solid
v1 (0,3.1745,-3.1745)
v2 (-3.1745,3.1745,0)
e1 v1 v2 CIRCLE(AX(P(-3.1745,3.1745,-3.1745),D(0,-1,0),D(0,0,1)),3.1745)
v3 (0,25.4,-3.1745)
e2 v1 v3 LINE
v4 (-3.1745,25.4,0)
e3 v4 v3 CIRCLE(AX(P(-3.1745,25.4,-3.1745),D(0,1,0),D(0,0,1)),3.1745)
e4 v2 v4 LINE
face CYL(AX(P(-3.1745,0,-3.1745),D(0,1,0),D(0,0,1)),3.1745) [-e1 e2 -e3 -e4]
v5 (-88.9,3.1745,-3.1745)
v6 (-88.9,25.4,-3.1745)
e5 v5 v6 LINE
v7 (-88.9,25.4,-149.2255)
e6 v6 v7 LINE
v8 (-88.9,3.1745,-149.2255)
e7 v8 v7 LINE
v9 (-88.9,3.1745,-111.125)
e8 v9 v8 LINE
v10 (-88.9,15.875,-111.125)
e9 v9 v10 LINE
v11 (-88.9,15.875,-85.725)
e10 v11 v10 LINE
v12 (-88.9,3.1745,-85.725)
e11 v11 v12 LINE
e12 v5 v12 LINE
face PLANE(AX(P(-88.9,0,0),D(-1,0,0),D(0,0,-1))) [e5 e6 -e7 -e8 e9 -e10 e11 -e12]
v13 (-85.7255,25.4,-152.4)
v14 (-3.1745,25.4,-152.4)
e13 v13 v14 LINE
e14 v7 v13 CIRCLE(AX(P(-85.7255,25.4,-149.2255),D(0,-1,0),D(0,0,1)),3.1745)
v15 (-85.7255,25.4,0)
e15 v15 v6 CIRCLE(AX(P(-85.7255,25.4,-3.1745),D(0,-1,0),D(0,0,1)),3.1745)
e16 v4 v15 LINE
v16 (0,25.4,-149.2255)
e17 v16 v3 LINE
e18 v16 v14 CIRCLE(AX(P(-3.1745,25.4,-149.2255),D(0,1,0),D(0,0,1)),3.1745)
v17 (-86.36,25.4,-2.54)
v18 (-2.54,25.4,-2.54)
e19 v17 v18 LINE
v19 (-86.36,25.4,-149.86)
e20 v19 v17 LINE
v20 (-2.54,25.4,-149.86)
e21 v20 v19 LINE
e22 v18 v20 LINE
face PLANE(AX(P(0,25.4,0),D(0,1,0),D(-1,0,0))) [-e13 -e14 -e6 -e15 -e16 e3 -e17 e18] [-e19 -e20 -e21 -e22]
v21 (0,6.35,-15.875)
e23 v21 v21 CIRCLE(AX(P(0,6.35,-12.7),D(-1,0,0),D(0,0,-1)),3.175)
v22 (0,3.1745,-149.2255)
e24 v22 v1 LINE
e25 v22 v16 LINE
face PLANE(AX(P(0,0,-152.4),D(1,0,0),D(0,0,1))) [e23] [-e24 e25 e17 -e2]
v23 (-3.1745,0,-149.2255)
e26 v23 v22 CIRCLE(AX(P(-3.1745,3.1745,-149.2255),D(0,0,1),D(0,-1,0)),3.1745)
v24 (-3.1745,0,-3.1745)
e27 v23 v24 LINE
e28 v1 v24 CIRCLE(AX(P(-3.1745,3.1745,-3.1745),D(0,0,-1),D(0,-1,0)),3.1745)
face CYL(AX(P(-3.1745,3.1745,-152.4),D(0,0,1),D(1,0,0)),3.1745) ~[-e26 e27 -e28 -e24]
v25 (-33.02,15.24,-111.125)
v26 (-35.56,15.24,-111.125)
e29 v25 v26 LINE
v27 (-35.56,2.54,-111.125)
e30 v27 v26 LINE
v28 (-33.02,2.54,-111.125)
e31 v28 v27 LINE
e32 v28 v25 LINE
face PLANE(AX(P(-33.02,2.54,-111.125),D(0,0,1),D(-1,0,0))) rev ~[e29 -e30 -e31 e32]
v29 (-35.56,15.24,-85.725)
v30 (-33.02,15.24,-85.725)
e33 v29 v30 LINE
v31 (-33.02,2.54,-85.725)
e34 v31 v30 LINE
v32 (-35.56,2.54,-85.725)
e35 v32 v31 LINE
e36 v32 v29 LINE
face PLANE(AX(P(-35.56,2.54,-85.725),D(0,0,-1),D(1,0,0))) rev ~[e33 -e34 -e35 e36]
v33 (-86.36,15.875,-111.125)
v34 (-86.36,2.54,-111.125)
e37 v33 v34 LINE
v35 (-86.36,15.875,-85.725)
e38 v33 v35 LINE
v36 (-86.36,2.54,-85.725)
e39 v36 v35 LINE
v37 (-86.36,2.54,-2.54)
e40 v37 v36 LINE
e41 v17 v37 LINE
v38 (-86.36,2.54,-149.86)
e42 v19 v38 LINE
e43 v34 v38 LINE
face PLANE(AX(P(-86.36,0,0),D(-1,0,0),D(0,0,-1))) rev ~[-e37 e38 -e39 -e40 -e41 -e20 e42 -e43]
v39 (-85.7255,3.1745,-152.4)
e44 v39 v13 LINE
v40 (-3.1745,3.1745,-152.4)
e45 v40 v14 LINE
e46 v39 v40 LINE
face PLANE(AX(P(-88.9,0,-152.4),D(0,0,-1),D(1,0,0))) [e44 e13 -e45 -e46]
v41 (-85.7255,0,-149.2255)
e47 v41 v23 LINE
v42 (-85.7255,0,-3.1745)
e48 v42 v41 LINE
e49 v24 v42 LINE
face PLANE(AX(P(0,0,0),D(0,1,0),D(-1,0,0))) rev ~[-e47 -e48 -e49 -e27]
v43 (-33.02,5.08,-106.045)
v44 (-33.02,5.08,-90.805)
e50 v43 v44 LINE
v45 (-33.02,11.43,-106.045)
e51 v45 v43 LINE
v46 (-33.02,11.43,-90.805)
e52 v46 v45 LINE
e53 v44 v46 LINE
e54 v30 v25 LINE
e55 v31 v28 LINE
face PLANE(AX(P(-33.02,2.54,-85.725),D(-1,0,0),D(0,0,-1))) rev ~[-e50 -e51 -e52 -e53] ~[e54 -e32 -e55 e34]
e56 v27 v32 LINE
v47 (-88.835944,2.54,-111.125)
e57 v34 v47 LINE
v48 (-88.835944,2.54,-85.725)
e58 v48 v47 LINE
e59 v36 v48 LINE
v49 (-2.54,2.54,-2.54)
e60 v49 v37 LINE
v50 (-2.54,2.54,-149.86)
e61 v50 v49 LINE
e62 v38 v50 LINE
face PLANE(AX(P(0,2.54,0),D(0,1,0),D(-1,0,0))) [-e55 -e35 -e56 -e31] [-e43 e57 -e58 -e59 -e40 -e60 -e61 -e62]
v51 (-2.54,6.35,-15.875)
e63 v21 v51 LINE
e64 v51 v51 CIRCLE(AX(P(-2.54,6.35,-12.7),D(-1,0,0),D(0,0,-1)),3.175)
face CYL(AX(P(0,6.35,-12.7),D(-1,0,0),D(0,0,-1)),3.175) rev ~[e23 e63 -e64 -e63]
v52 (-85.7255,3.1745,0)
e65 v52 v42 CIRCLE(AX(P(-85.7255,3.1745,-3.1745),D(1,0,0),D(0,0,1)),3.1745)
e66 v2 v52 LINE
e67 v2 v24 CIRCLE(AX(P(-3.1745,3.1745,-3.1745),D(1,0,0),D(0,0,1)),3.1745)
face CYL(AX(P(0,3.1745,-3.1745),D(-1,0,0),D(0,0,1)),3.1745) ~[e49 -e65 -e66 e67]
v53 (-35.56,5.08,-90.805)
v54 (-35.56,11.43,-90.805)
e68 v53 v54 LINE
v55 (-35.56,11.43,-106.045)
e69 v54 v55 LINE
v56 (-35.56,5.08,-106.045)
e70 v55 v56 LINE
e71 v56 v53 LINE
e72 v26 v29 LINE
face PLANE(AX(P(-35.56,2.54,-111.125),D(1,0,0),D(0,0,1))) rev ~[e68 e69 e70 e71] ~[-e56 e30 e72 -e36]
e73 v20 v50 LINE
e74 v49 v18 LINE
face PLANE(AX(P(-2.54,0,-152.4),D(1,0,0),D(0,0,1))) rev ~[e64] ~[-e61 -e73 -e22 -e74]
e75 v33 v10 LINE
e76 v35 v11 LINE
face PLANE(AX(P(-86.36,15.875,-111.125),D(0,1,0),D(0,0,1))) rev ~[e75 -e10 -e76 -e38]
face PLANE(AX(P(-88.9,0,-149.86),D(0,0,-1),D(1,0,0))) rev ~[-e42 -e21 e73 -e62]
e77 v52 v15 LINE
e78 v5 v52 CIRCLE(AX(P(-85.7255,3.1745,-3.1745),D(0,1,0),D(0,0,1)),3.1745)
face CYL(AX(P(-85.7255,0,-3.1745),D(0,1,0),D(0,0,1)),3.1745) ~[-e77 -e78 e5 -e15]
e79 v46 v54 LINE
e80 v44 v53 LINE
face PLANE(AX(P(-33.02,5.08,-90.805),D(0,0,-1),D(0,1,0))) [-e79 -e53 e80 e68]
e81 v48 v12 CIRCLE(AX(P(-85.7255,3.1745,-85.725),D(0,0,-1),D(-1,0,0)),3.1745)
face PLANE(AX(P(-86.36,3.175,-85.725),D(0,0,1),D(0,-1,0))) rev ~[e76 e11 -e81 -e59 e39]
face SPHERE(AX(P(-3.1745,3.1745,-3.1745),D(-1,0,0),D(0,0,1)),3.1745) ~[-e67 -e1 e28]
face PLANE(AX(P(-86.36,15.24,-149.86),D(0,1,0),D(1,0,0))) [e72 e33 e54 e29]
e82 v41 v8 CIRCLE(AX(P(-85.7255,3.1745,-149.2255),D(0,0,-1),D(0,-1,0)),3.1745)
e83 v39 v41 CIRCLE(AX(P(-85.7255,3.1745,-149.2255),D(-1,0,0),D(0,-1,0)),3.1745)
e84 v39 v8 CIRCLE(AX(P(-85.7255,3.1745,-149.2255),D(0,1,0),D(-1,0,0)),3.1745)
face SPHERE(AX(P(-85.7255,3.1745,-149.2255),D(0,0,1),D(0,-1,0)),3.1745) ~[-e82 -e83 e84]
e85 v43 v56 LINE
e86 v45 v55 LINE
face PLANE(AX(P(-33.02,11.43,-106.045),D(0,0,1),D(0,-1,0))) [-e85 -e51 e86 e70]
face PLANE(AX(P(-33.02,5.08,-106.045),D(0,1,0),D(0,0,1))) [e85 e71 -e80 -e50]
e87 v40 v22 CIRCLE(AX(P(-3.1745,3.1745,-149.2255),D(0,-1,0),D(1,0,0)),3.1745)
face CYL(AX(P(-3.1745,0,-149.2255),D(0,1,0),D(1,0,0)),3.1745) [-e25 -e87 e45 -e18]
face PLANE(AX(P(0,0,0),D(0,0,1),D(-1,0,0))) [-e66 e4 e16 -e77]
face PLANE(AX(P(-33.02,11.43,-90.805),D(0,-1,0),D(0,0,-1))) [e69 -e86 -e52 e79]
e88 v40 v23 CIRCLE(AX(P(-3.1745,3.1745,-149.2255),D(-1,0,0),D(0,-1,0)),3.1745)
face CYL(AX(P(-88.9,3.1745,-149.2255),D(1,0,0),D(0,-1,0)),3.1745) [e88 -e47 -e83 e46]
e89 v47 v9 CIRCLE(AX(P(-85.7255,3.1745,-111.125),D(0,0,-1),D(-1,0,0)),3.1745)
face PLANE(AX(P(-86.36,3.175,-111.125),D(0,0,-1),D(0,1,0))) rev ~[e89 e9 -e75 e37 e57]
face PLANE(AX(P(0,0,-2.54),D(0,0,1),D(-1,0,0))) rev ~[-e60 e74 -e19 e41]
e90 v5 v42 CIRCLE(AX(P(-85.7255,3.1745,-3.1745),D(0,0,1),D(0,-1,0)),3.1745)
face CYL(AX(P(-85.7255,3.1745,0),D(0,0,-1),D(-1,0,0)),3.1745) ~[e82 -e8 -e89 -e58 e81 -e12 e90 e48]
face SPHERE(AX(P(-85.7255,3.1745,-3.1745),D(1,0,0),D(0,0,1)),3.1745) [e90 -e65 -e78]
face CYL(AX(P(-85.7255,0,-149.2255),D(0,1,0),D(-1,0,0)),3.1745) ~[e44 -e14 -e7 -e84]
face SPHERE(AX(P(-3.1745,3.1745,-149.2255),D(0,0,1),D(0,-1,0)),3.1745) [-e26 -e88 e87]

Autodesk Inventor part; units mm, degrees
ref_plane "YZ Plane" through (0, 0, 0) normal (1, 0, 0) x (0, 1, 0)
ref_plane "XZ Plane" through (0, 0, 0) normal (0, 1, 0) x (-1, 0, 0)
ref_plane "XY Plane" through (0, 0, 0) normal (0, 0, 1) x (1, 0, 0)
sketch "Sketch1" plane through (0, 0, 0) normal (0, 1, 0) x (-1, 0, 0)
  line L0 (0, 0) -> (88.9, 0)
  line L1 (88.9, 0) -> (88.9, -152.4)
  line L2 (88.9, -152.4) -> (0, -152.4)
  line L3 (0, -152.4) -> (0, 0)
  dimension "d0" = 88.9
  dimension "d1" = 152.4
extrude "Extrusion1" add sketch "Sketch1" along normal blind 25.4
shell "Shell1" thickness 2.54 removed faces 1 at (-59.2667, 25.4, -101.6)
sketch "Sketch2" plane through (-86.36, 2.54, -149.86) normal (1, 0, 0) x (0, 0, -1)
  point P0 (-149.86, -2.54)
sketch "Sketch7" plane through (0, 0, 0) normal (1, 0, 0) x (0, 0, -1)
  line L0 (152.4, 0) -> (0, 0) projected
  line L1 (0, 0) -> (0, 6.35)
  line L2 (0, 0) -> (0, 25.4) projected
  line L3 (0, 6.35) -> (12.7, 6.35)
  dimension "d21" = 6.35
  dimension "d22" = 12.7
  dimension "d23" = 90
hole "Hole1" at (0, 6.35, -12.7) direction (-1, 0, 0) diameter 6.35 depth 2.54 tip angle 118
fillet "Fillet2" radius 3.175 8 edges at (-44.45, 0, 0) (0, 12.7, 0) (0, 0, -76.2) (-88.9, 12.7, 0) (-88.9, 0, -76.2) (-44.45, 0, -152.4) (-88.9, 12.7, -152.4) (0, 12.7, -152.4)
sketch "Sketch9" plane through (-86.36, 2.54, -149.86) normal (1, 0, 0) x (0, 0, -1)
  line L0 (-0.635, 0.635) -> (-0.635, 22.86) projected
  line L1 (-0.635, 0.635) -> (-38.735, 0.635)
  line L2 (0, 0) -> (-147.32, 0) projected
  line L3 (-0.635, 0.635) -> (37.465, 0.635) construction
  line L4 (-38.735, 0.635) -> (-64.135, 0.635)
  line L5 (-64.135, 0.635) -> (-38.735, 0.635)
  line L6 (-38.735, 0.635) -> (-38.735, 13.335)
  line L7 (-38.735, 13.335) -> (-64.135, 13.335)
  line L8 (-64.135, 13.335) -> (-64.135, 0.635)
  point P0 (-149.86, -2.54)
  point P1 (-38.735, 0.635)
  dimension "d39" = 38.1
  dimension "d40" = 180
  dimension "d41" = 25.4
  dimension "d42" = 180
  dimension "d43" = 25.4
  dimension "d44" = 12.7
extrude "Extrusion7" cut sketch "Sketch9" against normal blind 5.08
sketch "Sketch10" plane through (-86.36, 2.54, -149.86) normal (1, 0, 0) x (0, 0, -1)
  line L0 (-38.735, 13.335) -> (-38.735, 0.635) projected
  line L1 (-38.735, 0.635) -> (-64.135, 0.635)
  line L2 (-64.135, 0.635) -> (-64.135, 0)
  line L3 (-64.135, 0) -> (-38.735, 0)
  line L4 (-38.735, 0) -> (-38.735, 0.635)
  point P0 (-149.86, -2.54)
  dimension "d47" = 25.4
  dimension "d48" = 0.635
extrude "Extrusion8" cut sketch "Sketch10" against normal blind 5.08
sketch "Sketch11" plane through (-86.36, 2.54, -149.86) normal (0, 1, 0) x (1, 0, 0)
  line L0 (0, -64.135) -> (-2.4759, -64.135) projected
  line L1 (0, -64.135) -> (50.8, -64.135)
  line L2 (0, -64.135) -> (50.8, -64.135) construction
  line L3 (50.8, -64.135) -> (53.34, -64.135)
  line L4 (53.34, -64.135) -> (53.34, -38.735)
  line L5 (53.34, -38.735) -> (50.8, -38.735)
  line L6 (50.8, -38.735) -> (50.8, -64.135)
  point P0 (86.36, -149.86)
  dimension "d51" = 50.8
  dimension "d52" = 0
  dimension "d53" = 2.54
  dimension "d54" = 25.4
extrude "Extrusion9" add sketch "Sketch11" along normal blind 12.7
sketch "Sketch12" plane through (-33.02, 2.54, -85.725) normal (1, 0, 0) x (0, 0, -1)
  line L0 (0, 0) -> (5.08, 0)
  line L1 (25.4, 0) -> (0, 0) projected
  line L2 (0, 0) -> (5.08, 0) construction
  line L3 (25.4, 0) -> (20.32, 0)
  line L4 (25.4, 0) -> (30.48, 0) construction
  line L5 (20.32, 0) -> (20.32, 2.54)
  line L6 (0, 0) -> (25.4, 0) projected
  line L7 (20.32, 0) -> (22.86, 0) construction
  line L8 (20.32, 2.54) -> (5.08, 2.54)
  line L9 (5.08, 2.54) -> (5.08, 8.89)
  line L10 (5.08, 8.89) -> (20.32, 8.89)
  line L11 (20.32, 8.89) -> (20.32, 2.54)
  point P0 (-85.725, -2.54)
  dimension "d57" = 5.08
  dimension "d58" = 0
  dimension "d59" = 5.08
  dimension "d60" = 180
  dimension "d61" = 2.54
  dimension "d62" = 90
  dimension "d63" = 15.24
  dimension "d64" = 6.35
extrude "Extrusion10" cut sketch "Sketch12" against normal blind 12.7
properties part number "OuterCase"
